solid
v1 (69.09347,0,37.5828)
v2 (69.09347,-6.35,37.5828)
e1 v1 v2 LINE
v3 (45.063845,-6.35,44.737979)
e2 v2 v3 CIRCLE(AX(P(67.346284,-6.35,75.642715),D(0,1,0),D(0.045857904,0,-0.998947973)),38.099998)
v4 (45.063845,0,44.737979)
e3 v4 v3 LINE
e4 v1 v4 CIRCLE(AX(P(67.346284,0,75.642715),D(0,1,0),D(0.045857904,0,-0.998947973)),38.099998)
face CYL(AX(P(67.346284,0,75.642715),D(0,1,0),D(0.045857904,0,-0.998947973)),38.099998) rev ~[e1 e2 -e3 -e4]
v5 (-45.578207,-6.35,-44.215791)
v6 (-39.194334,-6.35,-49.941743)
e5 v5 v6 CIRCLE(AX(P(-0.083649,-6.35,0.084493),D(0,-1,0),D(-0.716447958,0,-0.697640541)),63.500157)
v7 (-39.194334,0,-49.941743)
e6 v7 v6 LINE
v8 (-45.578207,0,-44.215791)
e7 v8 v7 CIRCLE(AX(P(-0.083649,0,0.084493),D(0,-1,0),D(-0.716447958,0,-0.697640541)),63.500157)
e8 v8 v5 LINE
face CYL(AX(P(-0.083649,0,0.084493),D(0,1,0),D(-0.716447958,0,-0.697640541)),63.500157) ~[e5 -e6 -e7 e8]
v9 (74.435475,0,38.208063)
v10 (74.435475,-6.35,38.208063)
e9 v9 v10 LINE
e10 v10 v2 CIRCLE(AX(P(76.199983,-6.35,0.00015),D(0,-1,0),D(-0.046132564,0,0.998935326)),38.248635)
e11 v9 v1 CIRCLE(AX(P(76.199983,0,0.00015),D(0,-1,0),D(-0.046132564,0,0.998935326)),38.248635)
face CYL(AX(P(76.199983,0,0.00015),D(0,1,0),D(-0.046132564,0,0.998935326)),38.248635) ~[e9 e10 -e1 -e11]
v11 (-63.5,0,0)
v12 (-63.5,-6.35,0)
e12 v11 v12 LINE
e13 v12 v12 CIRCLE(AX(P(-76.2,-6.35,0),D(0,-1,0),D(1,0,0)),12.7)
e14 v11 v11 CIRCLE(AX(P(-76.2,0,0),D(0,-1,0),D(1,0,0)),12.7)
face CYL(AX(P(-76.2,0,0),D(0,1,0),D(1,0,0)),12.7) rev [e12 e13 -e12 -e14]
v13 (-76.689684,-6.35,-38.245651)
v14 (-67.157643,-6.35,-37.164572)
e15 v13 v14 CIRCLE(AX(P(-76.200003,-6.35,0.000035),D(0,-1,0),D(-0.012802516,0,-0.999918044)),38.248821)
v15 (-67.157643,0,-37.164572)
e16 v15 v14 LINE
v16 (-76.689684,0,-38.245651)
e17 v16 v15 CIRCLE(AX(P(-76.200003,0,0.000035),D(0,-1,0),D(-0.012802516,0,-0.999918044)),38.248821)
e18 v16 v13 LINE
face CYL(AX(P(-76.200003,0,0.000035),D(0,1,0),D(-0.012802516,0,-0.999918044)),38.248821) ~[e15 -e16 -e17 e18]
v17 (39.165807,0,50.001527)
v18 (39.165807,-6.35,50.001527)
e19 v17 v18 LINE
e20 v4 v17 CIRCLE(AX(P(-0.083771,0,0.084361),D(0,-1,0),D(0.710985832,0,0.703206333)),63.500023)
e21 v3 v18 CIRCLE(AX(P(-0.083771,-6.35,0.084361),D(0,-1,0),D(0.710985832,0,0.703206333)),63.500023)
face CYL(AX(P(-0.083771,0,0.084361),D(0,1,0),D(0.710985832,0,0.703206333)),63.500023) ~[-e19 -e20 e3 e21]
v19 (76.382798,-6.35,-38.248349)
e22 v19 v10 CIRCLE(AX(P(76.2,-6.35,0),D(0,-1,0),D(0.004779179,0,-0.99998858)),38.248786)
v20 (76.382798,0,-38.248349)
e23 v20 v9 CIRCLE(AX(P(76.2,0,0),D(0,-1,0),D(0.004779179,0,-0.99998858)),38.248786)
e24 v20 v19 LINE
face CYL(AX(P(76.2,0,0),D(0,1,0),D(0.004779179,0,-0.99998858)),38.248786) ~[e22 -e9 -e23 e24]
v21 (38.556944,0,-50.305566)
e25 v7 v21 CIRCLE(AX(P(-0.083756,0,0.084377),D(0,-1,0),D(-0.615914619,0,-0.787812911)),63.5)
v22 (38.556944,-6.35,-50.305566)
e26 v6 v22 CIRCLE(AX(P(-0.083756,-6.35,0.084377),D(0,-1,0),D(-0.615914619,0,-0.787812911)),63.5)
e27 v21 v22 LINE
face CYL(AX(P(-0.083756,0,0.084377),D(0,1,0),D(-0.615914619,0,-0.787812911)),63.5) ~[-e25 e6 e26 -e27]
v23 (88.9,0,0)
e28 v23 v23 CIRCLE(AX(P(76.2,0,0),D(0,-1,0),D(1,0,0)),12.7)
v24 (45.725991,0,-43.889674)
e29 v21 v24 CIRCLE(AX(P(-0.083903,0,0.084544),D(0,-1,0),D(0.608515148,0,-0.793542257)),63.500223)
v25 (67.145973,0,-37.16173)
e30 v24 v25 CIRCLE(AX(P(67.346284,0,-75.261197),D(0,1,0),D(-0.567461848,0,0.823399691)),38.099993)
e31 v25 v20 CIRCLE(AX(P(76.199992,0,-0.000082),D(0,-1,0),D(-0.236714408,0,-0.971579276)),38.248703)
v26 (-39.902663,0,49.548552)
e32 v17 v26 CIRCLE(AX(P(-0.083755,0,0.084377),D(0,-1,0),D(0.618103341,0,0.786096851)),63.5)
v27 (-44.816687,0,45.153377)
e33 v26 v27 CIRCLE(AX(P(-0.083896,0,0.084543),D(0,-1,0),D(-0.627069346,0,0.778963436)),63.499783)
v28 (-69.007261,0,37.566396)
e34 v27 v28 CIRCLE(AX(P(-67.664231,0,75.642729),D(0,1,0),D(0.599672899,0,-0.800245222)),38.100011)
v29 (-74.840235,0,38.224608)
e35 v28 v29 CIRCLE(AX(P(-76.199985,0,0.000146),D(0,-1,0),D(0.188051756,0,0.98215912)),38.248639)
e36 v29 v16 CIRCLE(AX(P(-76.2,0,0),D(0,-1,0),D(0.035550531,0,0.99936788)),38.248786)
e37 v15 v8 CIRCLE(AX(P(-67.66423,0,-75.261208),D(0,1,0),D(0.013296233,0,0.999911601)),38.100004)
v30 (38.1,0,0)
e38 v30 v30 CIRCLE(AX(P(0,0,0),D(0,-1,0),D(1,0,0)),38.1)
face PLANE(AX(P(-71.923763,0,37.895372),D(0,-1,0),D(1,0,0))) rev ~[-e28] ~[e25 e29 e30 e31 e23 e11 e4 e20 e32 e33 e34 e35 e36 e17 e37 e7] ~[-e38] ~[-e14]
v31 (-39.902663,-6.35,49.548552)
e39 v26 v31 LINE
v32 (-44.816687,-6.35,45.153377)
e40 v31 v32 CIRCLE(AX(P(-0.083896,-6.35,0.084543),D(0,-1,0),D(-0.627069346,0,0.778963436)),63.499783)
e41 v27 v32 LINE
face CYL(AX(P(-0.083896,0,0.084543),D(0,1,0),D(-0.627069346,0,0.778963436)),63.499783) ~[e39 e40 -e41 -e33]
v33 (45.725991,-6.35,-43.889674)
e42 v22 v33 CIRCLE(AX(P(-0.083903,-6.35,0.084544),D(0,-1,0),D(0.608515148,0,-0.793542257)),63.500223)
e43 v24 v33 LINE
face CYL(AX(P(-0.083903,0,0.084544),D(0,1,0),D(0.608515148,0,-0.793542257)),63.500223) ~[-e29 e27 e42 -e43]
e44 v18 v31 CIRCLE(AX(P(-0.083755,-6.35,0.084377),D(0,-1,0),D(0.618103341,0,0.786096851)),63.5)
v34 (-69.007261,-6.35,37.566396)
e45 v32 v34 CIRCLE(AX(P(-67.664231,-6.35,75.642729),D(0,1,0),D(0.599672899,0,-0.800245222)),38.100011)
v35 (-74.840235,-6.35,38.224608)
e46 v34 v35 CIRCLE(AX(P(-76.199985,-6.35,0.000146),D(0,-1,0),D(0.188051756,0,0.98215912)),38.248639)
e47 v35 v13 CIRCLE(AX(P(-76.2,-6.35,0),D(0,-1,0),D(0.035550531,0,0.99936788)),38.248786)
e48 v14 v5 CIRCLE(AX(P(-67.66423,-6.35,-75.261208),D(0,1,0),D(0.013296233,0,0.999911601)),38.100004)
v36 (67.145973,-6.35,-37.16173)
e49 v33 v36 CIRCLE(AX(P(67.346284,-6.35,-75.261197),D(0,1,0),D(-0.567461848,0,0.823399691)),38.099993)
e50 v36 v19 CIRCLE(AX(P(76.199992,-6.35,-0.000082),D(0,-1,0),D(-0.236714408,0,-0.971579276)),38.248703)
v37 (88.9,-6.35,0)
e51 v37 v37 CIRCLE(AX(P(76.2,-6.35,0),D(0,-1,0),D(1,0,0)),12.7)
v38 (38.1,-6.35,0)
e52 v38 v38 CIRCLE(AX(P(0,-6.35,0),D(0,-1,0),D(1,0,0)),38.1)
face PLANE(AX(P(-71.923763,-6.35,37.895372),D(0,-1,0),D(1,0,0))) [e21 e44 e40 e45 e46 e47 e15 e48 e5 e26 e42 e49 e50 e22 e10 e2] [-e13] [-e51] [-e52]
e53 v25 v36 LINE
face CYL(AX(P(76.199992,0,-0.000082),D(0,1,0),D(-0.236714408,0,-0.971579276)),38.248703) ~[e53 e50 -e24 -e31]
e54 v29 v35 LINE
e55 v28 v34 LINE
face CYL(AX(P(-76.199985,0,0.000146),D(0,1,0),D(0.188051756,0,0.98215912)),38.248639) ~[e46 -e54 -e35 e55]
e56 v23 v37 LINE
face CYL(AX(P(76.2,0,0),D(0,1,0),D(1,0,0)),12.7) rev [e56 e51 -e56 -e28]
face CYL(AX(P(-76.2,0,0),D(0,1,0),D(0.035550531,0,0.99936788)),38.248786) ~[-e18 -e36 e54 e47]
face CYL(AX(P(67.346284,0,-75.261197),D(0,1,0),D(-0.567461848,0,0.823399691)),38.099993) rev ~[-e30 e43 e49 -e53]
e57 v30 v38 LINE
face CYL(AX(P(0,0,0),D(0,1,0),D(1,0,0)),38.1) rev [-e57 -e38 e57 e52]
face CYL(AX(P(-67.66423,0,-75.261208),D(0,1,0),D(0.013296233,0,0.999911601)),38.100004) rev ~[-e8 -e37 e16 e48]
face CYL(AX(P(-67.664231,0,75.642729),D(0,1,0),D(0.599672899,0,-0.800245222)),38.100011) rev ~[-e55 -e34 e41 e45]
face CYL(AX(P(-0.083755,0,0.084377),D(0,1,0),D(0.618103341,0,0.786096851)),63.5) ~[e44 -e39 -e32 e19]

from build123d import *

# Parameters (mm, degrees)
F0_R     = 12.7
F0_R_2   = 38.1
F1_DEPTH = 6.35


with BuildPart() as f1:
    # F0 (on Front) → F1 (new body)
    with BuildSketch(Plane.XZ):
        with BuildLine():
            ThreePointArc((-74.840235, 38.224608), (-71.936443, 37.783001), (-69.007261, 37.566396))
            ThreePointArc((-69.007261, 37.566396), (-71.911102, 38.007565), (-74.840235, 38.224608))
        make_face()
        with BuildLine():
            ThreePointArc((-44.816687, 45.153377), (-56.262406, 39.288785), (-69.007261, 37.566396))
            ThreePointArc((-69.007261, 37.566396), (-71.936443, 37.783001), (-74.840235, 38.224608))
            ThreePointArc((-74.840235, 38.224608), (-114.437604, 0.924785), (-76.689684, -38.245651))
            ThreePointArc((-76.689684, -38.245651), (-71.957825, -37.403906), (-67.157643, -37.164572))
            ThreePointArc((-67.157643, -37.164572), (-55.830531, -39.04555), (-45.578207, -44.215791))
            ThreePointArc((-45.578207, -44.215791), (-42.224657, -46.898584), (-39.194334, -49.941743))
            ThreePointArc((-39.194334, -49.941743), (-0.380889, -63.414928), (38.556944, -50.305566))
            ThreePointArc((38.556944, -50.305566), (41.938142, -46.870426), (45.725991, -43.889674))
            ThreePointArc((45.725991, -43.889674), (55.929148, -38.912077), (67.145973, -37.16173))
            ThreePointArc((67.145973, -37.16173), (71.797666, -37.422134), (76.382798, -38.248349))
            ThreePointArc((76.382798, -38.248349), (114.436386, 0.97387), (74.435475, 38.208063))
            ThreePointArc((74.435475, 38.208063), (71.775519, 37.801049), (69.09347, 37.5828))
            ThreePointArc((69.09347, 37.5828), (56.47323, 39.12715), (45.063845, 44.737979))
            ThreePointArc((45.063845, 44.737979), (41.977943, 47.21637), (39.165807, 50.001527))
            ThreePointArc((39.165807, 50.001527), (-0.447535, 63.583335), (-39.902663, 49.548552))
            ThreePointArc((-39.902663, 49.548552), (-42.264429, 47.244475), (-44.816687, 45.153377))
        make_face()
        with Locations((-76.2, 0)):
            Circle(F0_R, mode=Mode.SUBTRACT)
        Circle(F0_R_2, mode=Mode.SUBTRACT)
        with Locations((76.2, 0)):
            Circle(F0_R, mode=Mode.SUBTRACT)
        with BuildLine():
            ThreePointArc((-39.902663, 49.548552), (-42.416754, 47.414782), (-44.816687, 45.153377))
            ThreePointArc((-44.816687, 45.153377), (-42.264429, 47.244475), (-39.902663, 49.548552))
        make_face()
        with BuildLine():
            ThreePointArc((-67.157643, -37.164572), (-71.957825, -37.403906), (-76.689684, -38.245651))
            ThreePointArc((-76.689684, -38.245651), (-71.889636, -38.005136), (-67.157643, -37.164572))
        make_face()
        with BuildLine():
            ThreePointArc((45.063845, 44.737979), (42.196813, 47.461624), (39.165807, 50.001527))
            ThreePointArc((39.165807, 50.001527), (41.977943, 47.21637), (45.063845, 44.737979))
        make_face()
        with BuildLine():
            ThreePointArc((-39.194334, -49.941743), (-42.224657, -46.898584), (-45.578207, -44.215791))
            ThreePointArc((-45.578207, -44.215791), (-42.483041, -47.186656), (-39.194334, -49.941743))
        make_face()
        with BuildLine():
            ThreePointArc((74.435475, 38.208063), (71.753468, 37.989446), (69.09347, 37.5828))
            ThreePointArc((69.09347, 37.5828), (71.775519, 37.801049), (74.435475, 38.208063))
        make_face()
        with BuildLine():
            ThreePointArc((45.725991, -43.889674), (41.938142, -46.870426), (38.556944, -50.305566))
            ThreePointArc((38.556944, -50.305566), (42.263149, -47.233586), (45.725991, -43.889674))
        make_face()
        with BuildLine():
            ThreePointArc((67.145973, -37.16173), (71.731235, -37.986837), (76.382798, -38.248349))
            ThreePointArc((76.382798, -38.248349), (71.797666, -37.422134), (67.145973, -37.16173))
        make_face()
    extrude(amount=F1_DEPTH)


solid = f1.part
